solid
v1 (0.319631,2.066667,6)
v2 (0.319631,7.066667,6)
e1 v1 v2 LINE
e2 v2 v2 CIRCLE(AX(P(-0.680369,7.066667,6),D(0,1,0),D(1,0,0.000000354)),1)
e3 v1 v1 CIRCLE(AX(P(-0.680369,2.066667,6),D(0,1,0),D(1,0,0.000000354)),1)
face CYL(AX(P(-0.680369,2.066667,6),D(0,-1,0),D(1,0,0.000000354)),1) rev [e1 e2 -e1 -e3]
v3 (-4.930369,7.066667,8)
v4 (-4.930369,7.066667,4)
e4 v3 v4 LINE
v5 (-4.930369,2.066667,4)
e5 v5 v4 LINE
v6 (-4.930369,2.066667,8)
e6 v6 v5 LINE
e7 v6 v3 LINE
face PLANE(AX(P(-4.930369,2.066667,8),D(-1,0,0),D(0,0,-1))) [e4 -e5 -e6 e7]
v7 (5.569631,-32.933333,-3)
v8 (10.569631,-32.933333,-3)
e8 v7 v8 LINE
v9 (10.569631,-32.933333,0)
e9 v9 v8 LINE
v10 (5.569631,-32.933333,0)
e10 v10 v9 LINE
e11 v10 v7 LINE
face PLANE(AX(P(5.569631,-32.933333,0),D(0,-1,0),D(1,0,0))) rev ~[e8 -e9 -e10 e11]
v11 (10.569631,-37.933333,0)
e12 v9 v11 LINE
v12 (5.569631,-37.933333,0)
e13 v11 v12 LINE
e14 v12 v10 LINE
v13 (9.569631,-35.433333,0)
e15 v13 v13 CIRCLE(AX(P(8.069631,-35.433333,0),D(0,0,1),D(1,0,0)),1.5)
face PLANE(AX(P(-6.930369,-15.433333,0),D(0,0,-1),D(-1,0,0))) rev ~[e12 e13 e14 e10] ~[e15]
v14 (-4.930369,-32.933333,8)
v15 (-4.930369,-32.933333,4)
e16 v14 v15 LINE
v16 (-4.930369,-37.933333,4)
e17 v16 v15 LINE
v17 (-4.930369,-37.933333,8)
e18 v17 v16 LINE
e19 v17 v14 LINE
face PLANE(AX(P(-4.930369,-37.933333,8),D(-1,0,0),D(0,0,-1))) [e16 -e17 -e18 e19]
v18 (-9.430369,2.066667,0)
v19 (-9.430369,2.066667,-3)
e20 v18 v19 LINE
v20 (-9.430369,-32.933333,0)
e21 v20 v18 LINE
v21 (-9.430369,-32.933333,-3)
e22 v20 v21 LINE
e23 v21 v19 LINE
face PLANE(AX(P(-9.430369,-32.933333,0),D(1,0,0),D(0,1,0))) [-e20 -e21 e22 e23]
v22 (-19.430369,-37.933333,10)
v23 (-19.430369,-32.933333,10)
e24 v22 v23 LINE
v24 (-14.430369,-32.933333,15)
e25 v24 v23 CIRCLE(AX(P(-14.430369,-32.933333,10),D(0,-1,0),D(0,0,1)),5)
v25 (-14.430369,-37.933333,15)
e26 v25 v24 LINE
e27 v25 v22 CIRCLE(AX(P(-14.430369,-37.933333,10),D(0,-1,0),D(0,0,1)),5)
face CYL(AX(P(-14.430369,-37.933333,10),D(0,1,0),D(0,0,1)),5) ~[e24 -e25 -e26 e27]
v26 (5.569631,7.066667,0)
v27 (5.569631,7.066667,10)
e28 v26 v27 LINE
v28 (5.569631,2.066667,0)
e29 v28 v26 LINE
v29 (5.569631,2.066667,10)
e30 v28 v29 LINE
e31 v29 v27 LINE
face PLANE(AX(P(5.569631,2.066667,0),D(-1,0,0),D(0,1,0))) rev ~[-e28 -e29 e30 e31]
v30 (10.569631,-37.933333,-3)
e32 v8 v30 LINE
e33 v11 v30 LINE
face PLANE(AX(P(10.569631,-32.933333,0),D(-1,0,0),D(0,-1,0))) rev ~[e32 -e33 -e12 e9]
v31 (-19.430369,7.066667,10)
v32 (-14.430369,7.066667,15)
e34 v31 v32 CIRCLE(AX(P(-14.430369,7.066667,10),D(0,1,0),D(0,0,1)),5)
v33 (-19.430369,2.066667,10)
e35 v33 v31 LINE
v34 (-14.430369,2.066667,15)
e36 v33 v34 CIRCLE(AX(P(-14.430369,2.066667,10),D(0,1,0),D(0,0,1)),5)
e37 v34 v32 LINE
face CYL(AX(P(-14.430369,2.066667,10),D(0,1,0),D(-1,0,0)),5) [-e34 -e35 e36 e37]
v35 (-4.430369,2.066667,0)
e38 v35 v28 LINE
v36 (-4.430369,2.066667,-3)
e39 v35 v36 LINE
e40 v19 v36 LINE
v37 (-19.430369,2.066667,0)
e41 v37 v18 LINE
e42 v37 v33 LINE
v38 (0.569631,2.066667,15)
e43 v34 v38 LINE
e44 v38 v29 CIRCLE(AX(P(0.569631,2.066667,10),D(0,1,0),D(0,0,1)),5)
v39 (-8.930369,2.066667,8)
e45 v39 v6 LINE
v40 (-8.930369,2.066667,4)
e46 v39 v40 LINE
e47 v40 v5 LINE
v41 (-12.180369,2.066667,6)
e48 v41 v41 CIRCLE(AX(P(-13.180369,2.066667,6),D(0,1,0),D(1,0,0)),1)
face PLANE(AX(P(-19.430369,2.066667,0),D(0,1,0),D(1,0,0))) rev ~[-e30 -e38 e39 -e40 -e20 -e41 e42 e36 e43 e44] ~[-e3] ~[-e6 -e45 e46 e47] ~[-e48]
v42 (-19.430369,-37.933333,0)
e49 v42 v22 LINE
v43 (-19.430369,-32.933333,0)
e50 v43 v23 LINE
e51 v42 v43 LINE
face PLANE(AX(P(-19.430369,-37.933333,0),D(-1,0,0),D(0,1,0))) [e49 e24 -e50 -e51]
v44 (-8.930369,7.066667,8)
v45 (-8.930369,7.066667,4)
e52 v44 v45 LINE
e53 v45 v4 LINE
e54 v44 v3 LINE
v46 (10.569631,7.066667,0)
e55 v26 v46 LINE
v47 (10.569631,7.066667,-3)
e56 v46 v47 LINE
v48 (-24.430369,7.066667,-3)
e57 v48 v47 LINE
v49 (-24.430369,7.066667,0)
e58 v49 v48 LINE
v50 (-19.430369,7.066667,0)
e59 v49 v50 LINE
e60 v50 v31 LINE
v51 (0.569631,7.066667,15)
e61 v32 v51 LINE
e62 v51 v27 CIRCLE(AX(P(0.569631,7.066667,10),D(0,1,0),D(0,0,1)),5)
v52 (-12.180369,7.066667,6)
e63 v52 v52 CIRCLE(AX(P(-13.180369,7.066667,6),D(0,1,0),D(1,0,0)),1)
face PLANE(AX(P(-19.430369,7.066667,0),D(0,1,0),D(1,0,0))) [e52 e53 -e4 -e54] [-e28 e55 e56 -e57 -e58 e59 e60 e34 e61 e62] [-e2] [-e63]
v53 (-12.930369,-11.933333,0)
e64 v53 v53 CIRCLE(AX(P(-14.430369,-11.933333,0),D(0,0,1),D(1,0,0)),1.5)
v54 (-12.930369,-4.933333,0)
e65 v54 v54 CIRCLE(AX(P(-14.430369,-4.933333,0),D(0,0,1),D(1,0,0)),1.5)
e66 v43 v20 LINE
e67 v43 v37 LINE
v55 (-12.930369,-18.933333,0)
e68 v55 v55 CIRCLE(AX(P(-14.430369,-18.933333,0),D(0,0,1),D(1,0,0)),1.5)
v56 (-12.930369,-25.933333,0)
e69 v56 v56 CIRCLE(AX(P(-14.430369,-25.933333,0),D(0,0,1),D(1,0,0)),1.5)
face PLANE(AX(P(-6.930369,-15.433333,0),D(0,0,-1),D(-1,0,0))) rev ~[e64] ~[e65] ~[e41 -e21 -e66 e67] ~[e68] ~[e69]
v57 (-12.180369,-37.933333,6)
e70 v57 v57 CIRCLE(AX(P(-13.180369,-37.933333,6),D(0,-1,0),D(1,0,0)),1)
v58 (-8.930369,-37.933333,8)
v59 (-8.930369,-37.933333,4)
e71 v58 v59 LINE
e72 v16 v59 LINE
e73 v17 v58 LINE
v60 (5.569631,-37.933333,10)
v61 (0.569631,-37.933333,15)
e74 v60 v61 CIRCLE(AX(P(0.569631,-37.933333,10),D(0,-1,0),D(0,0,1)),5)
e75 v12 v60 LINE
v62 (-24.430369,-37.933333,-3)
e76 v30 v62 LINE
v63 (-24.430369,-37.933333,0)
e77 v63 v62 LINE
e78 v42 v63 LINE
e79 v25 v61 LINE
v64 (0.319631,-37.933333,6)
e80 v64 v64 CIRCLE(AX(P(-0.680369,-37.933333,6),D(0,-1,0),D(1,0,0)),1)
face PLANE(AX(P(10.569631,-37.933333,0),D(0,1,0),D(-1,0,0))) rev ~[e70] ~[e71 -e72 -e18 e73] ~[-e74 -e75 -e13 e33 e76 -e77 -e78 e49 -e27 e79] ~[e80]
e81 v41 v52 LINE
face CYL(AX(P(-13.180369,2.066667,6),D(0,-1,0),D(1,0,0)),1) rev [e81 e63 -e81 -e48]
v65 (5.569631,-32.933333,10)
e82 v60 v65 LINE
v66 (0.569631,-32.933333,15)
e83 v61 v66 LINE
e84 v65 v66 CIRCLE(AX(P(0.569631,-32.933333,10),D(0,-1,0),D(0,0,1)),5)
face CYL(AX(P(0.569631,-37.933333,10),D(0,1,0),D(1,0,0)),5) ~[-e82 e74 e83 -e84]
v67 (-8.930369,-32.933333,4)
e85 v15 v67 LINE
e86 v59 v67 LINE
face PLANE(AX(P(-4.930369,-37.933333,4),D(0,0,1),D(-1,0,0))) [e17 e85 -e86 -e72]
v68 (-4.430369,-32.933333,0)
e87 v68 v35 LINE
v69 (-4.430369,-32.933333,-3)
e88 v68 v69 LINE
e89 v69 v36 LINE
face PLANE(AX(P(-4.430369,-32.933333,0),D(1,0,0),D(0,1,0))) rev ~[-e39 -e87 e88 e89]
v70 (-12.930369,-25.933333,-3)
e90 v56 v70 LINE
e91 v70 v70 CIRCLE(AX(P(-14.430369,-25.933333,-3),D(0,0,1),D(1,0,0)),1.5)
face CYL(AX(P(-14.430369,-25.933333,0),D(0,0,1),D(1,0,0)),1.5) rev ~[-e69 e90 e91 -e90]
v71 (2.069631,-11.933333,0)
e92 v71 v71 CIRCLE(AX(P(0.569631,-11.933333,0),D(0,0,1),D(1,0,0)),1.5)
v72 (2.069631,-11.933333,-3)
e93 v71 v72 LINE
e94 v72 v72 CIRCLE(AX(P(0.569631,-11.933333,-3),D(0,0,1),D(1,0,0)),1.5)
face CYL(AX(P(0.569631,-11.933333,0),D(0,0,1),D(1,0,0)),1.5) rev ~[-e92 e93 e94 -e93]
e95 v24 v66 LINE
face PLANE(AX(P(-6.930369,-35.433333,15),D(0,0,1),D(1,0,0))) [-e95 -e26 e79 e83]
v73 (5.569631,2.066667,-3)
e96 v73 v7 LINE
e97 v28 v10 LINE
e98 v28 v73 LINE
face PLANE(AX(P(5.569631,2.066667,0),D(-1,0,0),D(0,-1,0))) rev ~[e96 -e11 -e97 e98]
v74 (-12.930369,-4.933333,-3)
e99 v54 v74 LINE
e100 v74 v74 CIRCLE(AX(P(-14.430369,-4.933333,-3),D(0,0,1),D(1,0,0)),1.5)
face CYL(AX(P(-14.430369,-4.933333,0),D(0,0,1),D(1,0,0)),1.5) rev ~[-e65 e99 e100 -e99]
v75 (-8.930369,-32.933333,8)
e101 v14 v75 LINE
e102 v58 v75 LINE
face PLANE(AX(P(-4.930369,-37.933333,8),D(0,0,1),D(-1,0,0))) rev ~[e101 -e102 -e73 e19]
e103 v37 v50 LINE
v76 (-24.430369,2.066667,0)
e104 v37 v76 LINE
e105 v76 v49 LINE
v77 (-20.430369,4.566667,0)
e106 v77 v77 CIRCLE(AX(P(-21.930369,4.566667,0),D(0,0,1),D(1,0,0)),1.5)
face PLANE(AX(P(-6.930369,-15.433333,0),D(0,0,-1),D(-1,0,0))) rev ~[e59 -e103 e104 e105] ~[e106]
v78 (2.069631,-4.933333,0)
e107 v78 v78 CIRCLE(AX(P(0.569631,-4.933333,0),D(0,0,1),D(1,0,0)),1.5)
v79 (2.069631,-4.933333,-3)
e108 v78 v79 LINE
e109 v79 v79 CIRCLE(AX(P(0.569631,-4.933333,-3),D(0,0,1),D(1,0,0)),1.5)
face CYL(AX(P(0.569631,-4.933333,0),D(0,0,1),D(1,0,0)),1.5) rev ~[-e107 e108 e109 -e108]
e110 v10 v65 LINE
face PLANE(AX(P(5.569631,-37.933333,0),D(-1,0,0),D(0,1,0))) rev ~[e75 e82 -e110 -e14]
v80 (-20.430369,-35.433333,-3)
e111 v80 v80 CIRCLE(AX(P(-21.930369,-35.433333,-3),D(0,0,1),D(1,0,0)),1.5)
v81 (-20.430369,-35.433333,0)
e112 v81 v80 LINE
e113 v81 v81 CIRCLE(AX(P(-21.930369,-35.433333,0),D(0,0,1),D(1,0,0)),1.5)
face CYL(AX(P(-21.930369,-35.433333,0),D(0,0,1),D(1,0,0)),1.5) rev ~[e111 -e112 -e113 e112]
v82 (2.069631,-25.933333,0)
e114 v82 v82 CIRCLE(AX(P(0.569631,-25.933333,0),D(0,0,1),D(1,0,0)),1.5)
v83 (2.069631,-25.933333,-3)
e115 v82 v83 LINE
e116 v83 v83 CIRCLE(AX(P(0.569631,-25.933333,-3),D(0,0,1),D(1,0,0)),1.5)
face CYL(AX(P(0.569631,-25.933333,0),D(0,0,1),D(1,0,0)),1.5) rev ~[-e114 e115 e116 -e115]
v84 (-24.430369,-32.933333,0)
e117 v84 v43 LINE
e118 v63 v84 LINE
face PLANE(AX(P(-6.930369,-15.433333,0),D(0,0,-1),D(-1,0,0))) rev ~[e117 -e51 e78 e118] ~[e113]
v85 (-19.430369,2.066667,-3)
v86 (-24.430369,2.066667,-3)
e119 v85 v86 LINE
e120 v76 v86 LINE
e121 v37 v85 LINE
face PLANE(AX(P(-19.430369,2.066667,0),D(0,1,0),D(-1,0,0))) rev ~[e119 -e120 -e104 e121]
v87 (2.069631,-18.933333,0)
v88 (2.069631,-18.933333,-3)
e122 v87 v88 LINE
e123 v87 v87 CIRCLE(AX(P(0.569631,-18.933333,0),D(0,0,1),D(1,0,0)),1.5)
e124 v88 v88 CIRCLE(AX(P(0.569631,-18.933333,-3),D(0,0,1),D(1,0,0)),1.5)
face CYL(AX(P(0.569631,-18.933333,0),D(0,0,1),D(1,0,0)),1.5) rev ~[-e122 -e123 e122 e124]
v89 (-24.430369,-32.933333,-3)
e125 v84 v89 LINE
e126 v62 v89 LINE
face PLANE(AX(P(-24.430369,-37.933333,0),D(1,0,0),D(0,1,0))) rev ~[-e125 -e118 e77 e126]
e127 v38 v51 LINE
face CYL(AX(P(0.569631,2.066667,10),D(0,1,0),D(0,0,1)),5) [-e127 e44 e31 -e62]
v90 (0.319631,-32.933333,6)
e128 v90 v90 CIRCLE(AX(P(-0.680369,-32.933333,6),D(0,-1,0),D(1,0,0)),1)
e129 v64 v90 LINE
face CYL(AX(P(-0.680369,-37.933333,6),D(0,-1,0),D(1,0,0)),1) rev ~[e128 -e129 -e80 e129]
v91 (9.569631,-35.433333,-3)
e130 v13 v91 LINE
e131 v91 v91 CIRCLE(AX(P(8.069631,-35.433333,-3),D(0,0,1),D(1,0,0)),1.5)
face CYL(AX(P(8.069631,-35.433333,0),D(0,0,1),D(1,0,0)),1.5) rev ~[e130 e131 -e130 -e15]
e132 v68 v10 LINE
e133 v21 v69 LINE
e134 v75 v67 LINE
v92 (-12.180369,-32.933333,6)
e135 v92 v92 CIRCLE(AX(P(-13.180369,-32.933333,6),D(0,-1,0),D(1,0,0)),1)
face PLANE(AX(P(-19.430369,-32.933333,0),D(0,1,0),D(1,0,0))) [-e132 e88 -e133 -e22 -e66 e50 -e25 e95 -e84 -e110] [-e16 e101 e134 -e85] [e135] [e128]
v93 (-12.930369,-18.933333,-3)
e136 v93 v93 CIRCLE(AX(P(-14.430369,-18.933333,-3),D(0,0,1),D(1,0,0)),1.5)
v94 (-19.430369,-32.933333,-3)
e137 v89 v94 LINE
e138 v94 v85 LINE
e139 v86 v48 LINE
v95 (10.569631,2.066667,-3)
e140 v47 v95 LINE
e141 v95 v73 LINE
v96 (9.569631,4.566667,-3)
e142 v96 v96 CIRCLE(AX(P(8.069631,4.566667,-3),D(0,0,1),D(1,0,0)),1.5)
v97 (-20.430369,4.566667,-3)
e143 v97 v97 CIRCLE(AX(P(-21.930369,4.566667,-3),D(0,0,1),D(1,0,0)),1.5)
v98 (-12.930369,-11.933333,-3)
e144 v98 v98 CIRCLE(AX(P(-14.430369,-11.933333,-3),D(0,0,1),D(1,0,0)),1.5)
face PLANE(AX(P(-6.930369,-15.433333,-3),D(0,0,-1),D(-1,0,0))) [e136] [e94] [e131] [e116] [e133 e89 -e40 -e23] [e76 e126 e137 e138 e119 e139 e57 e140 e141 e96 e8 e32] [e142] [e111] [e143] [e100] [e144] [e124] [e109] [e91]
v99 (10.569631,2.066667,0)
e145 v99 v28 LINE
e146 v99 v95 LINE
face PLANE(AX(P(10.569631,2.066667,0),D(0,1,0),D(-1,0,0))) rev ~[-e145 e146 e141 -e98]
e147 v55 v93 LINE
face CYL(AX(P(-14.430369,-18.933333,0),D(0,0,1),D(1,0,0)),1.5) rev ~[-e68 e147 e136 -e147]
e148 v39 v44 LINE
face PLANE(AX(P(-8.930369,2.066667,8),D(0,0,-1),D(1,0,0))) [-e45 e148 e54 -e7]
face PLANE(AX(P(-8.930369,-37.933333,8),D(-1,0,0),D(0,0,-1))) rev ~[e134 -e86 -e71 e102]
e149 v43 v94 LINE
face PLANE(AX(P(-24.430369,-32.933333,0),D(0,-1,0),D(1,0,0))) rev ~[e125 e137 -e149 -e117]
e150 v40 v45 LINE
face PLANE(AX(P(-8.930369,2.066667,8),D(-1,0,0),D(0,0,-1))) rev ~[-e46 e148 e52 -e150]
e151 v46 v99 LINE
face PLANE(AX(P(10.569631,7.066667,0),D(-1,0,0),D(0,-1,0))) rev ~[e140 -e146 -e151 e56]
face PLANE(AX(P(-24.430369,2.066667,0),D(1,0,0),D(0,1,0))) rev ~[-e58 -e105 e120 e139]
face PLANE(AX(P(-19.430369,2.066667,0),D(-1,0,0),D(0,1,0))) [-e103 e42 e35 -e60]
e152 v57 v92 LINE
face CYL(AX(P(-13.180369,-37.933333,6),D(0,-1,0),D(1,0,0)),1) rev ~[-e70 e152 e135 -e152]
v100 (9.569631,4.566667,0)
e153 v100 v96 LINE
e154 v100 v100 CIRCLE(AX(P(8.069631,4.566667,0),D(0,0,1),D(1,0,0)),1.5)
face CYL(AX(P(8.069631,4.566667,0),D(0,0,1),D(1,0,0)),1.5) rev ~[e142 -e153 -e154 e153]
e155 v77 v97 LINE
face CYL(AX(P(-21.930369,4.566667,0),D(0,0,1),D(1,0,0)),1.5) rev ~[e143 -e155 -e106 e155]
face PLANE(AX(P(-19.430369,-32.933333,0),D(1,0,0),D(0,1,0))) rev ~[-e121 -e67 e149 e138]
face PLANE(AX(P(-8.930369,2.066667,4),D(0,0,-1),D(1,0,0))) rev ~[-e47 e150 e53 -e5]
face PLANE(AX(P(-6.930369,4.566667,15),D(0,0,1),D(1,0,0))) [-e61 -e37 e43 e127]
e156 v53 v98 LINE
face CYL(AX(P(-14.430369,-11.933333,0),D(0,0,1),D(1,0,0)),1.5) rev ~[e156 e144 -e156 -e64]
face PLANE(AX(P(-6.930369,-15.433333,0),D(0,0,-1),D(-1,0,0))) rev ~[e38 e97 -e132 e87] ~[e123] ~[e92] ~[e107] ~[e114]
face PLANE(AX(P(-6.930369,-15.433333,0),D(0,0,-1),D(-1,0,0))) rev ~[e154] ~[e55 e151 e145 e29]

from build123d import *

# Parameters (mm, degrees)
ESBO_O1_R                = 1.5
ESBO_O1_W                = 5
ESBO_O1_H                = 35
RESSALTO_EXTRUS_O1_DEPTH = 3
ESBO_O2_W                = 25
ESBO_O2_H                = 5
RESSALTO_EXTRUS_O2_DEPTH = 15
FILETE5_R                = 5
FILETE6_R                = 5
FILETE7_R                = 5
FILETE8_R                = 5
ESBO_O3_R                = 1
ESBO_O3_W                = 4
ESBO_O3_H                = 4
CORTE_EXTRUS_O1_DEPTH    = 5
CORTE_EXTRUS_O2_START    = -5
ESBO_O4_R                = 1
ESBO_O4_W                = 4
ESBO_O4_H                = 4
CORTE_EXTRUS_O2_DEPTH    = 5


with BuildPart() as part:
    # Esboço1 → Ressalto-extrusão1 (new body)
    with BuildSketch(Plane.XY):
        Polygon((-24.430369357, 7.066666667), (10.569630643, 7.066666667), (10.569630643, 2.066666667), (5.569630643, 2.066666667), (5.569630643, -32.933333333), (10.569630643, -32.933333333), (10.569630643, -37.933333333), (-24.430369357, -37.933333333), (-24.430369357, -32.933333333), (-19.430369357, -32.933333333), (-19.430369357, 2.066666667), (-24.430369357, 2.066666667), align=None)
        with Locations((-14.430369357, -4.933333333)):
            Circle(ESBO_O1_R, mode=Mode.SUBTRACT)
        with Locations((-14.430369357, -11.933333333)):
            Circle(ESBO_O1_R, mode=Mode.SUBTRACT)
        with Locations((-14.430369357, -18.933333333)):
            Circle(ESBO_O1_R, mode=Mode.SUBTRACT)
        with Locations((0.569630643, -4.933333333)):
            Circle(ESBO_O1_R, mode=Mode.SUBTRACT)
        with Locations((0.569630643, -18.933333333)):
            Circle(ESBO_O1_R, mode=Mode.SUBTRACT)
        with Locations((0.569630643, -25.933333333)):
            Circle(ESBO_O1_R, mode=Mode.SUBTRACT)
        with Locations((-14.430369357, -25.933333333)):
            Circle(ESBO_O1_R, mode=Mode.SUBTRACT)
        with Locations((0.569630643, -11.933333333)):
            Circle(ESBO_O1_R, mode=Mode.SUBTRACT)
        with Locations((-21.930369357, 4.566666667)):
            Circle(ESBO_O1_R, mode=Mode.SUBTRACT)
        with Locations((8.069630643, 4.566666667)):
            Circle(ESBO_O1_R, mode=Mode.SUBTRACT)
        with Locations((-21.930369357, -35.433333333)):
            Circle(ESBO_O1_R, mode=Mode.SUBTRACT)
        with Locations((8.069630643, -35.433333333)):
            Circle(ESBO_O1_R, mode=Mode.SUBTRACT)
        with Locations((-6.930369357, -15.433333333)):
            Rectangle(ESBO_O1_W, ESBO_O1_H, mode=Mode.SUBTRACT)
    extrude(amount=-RESSALTO_EXTRUS_O1_DEPTH)

    # Esboço2 → Ressalto-extrusão2 (add)
    with BuildSketch(Plane.XY):
        with Locations((-6.930369357, 4.566666667)):
            Rectangle(ESBO_O2_W, ESBO_O2_H)
        with Locations((-6.930369357, -35.433333333)):
            Rectangle(ESBO_O2_W, ESBO_O2_H)
    extrude(amount=RESSALTO_EXTRUS_O2_DEPTH)

    # Filete5
    filete5_edges = [part.edges().sort_by_distance(p)[0] for p in [
        (5.569630643, -35.433333333, 15),
    ]]
    fillet(filete5_edges, radius=FILETE5_R)

    # Filete6
    filete6_edges = [part.edges().sort_by_distance(p)[0] for p in [
        (-19.430369357, -35.433333333, 15),
    ]]
    fillet(filete6_edges, radius=FILETE6_R)

    # Filete7
    filete7_edges = [part.edges().sort_by_distance(p)[0] for p in [
        (-19.430369357, 4.566666667, 15),
    ]]
    fillet(filete7_edges, radius=FILETE7_R)

    # Filete8
    filete8_edges = [part.edges().sort_by_distance(p)[0] for p in [
        (5.569630643, 4.566666667, 15),
    ]]
    fillet(filete8_edges, radius=FILETE8_R)

    # Esboço3 → Corte-extrusão1 (cut)
    with BuildSketch(Plane(origin=(0, -37.933333333, 0), x_dir=(-1, 0, 0), z_dir=(0, -1, 0))):
        with Locations(Location((13.180369357, -6, 0), (0, 0, 180))):
            Circle(ESBO_O3_R)
        with Locations(Location((0.680369357, -6.000000354, 0), (0, 0, 180))):
            Circle(ESBO_O3_R)
        with Locations((6.930369357, -6)):
            Rectangle(ESBO_O3_W, ESBO_O3_H)
    extrude(amount=-CORTE_EXTRUS_O1_DEPTH, mode=Mode.SUBTRACT)

    # Esboço4 → Corte-extrusão2 (cut)
    with BuildSketch(Plane(origin=(0, 7.066666667, 0), x_dir=(1, 0, 0), z_dir=(0, 1, 0)).offset(CORTE_EXTRUS_O2_START)):
        with Locations((-13.180369357, -6)):
            Circle(ESBO_O4_R)
        with Locations(Location((-0.680369357, -6, 0), (0, 0, 359.999979706))):
            Circle(ESBO_O4_R)
        with Locations((-6.930369357, -6)):
            Rectangle(ESBO_O4_W, ESBO_O4_H)
    extrude(amount=CORTE_EXTRUS_O2_DEPTH, mode=Mode.SUBTRACT)


solid = part.part
